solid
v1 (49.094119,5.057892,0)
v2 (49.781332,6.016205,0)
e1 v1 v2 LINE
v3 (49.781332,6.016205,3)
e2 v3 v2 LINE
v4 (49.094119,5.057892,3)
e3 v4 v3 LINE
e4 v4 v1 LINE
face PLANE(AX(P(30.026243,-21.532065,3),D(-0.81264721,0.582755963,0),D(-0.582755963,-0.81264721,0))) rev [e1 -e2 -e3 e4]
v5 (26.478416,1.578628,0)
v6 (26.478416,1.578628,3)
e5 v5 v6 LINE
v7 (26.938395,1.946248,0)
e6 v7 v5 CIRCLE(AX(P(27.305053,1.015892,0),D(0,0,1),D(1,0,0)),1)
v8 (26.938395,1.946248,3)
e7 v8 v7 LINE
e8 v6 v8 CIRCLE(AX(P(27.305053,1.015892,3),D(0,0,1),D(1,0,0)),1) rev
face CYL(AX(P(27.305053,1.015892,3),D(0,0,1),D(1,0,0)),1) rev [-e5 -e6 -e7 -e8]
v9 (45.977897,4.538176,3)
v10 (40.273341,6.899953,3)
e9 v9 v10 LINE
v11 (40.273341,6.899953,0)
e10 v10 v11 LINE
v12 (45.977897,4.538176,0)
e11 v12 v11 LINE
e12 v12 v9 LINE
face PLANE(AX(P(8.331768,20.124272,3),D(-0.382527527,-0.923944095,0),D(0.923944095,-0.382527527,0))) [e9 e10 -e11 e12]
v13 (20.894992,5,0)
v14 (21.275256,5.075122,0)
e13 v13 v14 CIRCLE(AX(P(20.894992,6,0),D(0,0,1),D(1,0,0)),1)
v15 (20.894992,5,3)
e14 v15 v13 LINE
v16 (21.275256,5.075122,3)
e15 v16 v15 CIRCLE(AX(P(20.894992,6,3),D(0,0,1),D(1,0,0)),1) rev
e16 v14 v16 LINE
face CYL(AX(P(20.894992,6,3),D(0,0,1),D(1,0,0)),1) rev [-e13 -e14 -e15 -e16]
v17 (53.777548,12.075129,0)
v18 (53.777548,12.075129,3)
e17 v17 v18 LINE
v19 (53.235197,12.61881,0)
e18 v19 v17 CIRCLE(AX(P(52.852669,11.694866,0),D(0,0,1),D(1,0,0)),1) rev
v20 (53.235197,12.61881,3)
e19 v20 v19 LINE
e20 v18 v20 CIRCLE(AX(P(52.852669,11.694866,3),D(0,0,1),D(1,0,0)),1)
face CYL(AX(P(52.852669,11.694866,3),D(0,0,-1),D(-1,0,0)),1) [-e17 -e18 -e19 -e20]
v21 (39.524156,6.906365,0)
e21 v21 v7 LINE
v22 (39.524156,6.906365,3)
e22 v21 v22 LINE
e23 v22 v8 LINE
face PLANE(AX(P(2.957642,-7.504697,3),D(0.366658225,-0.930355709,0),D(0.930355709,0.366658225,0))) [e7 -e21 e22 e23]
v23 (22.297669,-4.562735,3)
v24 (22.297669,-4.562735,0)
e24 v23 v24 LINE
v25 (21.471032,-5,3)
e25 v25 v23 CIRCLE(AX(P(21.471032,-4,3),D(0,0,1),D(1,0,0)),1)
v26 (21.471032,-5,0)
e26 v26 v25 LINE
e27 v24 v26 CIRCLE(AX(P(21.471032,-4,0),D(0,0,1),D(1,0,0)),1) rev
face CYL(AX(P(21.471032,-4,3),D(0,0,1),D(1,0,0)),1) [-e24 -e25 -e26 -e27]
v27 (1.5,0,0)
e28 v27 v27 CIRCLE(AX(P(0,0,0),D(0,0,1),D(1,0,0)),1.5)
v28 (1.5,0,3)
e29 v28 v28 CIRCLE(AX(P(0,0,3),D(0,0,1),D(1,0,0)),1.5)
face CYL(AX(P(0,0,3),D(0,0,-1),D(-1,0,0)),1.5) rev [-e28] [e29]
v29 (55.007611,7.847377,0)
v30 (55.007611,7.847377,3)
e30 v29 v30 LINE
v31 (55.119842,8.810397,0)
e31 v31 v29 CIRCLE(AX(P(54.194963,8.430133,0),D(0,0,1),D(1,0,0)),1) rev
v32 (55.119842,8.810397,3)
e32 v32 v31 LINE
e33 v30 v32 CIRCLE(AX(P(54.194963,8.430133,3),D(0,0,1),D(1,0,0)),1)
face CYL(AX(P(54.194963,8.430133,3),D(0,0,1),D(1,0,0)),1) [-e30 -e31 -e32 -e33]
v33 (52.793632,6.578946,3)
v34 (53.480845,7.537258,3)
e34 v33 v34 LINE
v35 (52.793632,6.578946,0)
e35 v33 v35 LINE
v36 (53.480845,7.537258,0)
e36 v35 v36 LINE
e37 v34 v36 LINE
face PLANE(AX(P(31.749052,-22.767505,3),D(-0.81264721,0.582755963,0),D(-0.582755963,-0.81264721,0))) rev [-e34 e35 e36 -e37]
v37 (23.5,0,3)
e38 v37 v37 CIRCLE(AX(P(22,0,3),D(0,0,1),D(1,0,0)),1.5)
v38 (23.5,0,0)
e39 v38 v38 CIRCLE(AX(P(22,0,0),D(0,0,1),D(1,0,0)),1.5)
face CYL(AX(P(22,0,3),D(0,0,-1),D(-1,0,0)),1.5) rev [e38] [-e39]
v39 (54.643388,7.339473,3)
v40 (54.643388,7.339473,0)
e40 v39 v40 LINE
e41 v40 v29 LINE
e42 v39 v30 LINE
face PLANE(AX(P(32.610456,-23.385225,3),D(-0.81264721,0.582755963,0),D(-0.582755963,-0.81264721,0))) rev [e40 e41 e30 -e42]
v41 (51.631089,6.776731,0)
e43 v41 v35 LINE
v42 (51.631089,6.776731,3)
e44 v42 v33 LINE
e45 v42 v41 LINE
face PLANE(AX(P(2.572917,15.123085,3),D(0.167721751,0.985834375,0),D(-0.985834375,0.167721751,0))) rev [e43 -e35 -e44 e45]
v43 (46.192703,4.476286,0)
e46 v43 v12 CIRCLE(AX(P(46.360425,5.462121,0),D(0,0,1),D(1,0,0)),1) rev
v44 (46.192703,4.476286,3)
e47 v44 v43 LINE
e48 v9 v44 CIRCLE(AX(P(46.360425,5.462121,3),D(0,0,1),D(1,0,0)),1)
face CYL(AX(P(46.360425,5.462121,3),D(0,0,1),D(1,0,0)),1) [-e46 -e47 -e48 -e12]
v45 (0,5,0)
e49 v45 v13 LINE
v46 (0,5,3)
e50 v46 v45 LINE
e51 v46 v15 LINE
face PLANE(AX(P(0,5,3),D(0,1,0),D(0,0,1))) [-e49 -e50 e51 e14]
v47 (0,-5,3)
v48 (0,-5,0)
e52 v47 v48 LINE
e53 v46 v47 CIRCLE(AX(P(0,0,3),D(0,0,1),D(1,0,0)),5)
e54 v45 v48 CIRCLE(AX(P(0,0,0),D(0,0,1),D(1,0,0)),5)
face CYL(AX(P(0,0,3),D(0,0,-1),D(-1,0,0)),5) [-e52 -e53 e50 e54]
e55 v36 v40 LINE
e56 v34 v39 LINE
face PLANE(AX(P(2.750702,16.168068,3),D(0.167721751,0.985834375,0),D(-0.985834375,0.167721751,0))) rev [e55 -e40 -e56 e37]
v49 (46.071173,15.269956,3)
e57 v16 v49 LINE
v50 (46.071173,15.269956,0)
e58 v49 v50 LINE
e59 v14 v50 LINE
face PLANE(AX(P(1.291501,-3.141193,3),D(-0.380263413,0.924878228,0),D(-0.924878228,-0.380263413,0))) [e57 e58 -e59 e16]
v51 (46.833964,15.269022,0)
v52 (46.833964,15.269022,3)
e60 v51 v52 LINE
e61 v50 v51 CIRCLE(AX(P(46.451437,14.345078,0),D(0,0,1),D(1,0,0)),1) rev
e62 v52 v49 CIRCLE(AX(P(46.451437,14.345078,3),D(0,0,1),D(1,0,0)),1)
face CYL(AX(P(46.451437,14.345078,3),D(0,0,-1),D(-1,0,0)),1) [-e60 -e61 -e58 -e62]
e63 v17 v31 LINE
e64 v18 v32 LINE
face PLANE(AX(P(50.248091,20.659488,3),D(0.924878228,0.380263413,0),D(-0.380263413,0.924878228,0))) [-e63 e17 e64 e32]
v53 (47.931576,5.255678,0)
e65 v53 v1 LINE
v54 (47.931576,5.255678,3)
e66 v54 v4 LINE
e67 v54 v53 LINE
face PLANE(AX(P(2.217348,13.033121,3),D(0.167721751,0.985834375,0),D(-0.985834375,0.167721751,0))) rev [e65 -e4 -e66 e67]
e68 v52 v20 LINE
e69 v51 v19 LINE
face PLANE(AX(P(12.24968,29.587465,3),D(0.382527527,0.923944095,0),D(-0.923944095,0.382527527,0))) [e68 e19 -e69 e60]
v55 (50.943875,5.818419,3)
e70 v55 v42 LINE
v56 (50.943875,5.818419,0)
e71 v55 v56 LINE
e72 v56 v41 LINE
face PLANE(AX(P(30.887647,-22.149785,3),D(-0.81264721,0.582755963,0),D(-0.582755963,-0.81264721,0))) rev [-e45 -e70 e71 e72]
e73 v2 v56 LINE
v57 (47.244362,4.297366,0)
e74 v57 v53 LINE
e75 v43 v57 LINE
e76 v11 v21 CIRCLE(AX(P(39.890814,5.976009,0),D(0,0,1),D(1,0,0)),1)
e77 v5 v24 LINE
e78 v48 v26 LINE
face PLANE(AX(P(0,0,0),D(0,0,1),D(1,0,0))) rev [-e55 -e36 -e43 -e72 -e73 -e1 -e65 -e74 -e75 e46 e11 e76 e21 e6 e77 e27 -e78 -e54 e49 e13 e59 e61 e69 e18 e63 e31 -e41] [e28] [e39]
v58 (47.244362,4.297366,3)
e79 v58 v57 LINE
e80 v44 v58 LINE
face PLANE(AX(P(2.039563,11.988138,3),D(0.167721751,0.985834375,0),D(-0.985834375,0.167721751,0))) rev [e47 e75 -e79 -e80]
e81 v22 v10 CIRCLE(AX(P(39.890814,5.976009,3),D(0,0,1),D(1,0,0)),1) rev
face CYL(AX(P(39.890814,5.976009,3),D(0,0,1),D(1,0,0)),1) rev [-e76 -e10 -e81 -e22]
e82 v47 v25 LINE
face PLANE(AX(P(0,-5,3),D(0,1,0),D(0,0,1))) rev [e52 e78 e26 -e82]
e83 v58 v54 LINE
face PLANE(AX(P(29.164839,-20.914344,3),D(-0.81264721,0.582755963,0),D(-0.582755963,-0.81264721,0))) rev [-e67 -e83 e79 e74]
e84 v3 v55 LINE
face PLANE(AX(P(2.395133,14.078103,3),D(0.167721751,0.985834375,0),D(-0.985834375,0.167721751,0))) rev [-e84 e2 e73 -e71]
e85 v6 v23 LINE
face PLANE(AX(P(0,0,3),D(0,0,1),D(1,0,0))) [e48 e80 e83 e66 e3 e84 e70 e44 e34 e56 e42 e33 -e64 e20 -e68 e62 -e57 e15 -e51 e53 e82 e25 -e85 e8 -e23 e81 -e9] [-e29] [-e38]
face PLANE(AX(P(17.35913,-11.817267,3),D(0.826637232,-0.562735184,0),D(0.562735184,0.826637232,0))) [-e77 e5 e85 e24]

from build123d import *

# Parameters (mm, degrees)
SKETCH1_R           = 1.5
BOSS_EXTRUDE1_DEPTH = 3
FILLET1_R           = 1


with BuildPart() as part:
    # Sketch1 → Boss-Extrude1 (new body)
    with BuildSketch(Plane.XY):
        with BuildLine():
            Line((21.092544035, 5), (0, 5))
            ThreePointArc((0, 5), (-5, 0), (0, -5))
            Line((0, -5), (22, -5))
            Line((22, -5), (26.651778547, 1.833291125))
            Line((26.651778547, 1.833291125), (39.900043849, 7.05450425))
            Line((39.900043849, 7.05450425), (46.081819412, 4.495151008))
            Line((46.081819412, 4.495151008), (47.244362273, 4.297365528))
            Line((47.244362273, 4.297365528), (47.931575869, 5.255677833))
            Line((47.931575869, 5.255677833), (49.09411873, 5.057892353))
            Line((49.09411873, 5.057892353), (49.781332325, 6.016204659))
            Line((49.781332325, 6.016204659), (50.943875186, 5.818419179))
            Line((50.943875186, 5.818419179), (51.631088781, 6.776731484))
            Line((51.631088781, 6.776731484), (52.793631642, 6.578946004))
            Line((52.793631642, 6.578946004), (53.480845238, 7.53725831))
            Line((53.480845238, 7.53725831), (54.643388099, 7.33947283))
            Line((54.643388099, 7.33947283), (55.330601694, 8.297785135))
            Line((55.330601694, 8.297785135), (53.619416337, 12.459737162))
            Line((53.619416337, 12.459737162), (46.452761592, 15.426846024))
            Line((46.452761592, 15.426846024), (21.092544035, 5))
        make_face()
        Circle(SKETCH1_R, mode=Mode.SUBTRACT)
        with Locations((22, 0)):
            Circle(SKETCH1_R, mode=Mode.SUBTRACT)
    extrude(amount=BOSS_EXTRUDE1_DEPTH)

    # Fillet1
    fillet1_edges = [part.edges().sort_by_distance(p)[0] for p in [
        (21.092544035, 5, 1.5),
        (46.452761592, 15.426846024, 1.5),
        (53.619416337, 12.459737162, 1.5),
        (55.330601694, 8.297785135, 1.5),
        (46.081819412, 4.495151008, 1.5),
        (39.900043849, 7.05450425, 1.5),
        (26.651778547, 1.833291125, 1.5),
        (22, -5, 1.5),
    ]]
    fillet(fillet1_edges, radius=FILLET1_R)


solid = part.part
